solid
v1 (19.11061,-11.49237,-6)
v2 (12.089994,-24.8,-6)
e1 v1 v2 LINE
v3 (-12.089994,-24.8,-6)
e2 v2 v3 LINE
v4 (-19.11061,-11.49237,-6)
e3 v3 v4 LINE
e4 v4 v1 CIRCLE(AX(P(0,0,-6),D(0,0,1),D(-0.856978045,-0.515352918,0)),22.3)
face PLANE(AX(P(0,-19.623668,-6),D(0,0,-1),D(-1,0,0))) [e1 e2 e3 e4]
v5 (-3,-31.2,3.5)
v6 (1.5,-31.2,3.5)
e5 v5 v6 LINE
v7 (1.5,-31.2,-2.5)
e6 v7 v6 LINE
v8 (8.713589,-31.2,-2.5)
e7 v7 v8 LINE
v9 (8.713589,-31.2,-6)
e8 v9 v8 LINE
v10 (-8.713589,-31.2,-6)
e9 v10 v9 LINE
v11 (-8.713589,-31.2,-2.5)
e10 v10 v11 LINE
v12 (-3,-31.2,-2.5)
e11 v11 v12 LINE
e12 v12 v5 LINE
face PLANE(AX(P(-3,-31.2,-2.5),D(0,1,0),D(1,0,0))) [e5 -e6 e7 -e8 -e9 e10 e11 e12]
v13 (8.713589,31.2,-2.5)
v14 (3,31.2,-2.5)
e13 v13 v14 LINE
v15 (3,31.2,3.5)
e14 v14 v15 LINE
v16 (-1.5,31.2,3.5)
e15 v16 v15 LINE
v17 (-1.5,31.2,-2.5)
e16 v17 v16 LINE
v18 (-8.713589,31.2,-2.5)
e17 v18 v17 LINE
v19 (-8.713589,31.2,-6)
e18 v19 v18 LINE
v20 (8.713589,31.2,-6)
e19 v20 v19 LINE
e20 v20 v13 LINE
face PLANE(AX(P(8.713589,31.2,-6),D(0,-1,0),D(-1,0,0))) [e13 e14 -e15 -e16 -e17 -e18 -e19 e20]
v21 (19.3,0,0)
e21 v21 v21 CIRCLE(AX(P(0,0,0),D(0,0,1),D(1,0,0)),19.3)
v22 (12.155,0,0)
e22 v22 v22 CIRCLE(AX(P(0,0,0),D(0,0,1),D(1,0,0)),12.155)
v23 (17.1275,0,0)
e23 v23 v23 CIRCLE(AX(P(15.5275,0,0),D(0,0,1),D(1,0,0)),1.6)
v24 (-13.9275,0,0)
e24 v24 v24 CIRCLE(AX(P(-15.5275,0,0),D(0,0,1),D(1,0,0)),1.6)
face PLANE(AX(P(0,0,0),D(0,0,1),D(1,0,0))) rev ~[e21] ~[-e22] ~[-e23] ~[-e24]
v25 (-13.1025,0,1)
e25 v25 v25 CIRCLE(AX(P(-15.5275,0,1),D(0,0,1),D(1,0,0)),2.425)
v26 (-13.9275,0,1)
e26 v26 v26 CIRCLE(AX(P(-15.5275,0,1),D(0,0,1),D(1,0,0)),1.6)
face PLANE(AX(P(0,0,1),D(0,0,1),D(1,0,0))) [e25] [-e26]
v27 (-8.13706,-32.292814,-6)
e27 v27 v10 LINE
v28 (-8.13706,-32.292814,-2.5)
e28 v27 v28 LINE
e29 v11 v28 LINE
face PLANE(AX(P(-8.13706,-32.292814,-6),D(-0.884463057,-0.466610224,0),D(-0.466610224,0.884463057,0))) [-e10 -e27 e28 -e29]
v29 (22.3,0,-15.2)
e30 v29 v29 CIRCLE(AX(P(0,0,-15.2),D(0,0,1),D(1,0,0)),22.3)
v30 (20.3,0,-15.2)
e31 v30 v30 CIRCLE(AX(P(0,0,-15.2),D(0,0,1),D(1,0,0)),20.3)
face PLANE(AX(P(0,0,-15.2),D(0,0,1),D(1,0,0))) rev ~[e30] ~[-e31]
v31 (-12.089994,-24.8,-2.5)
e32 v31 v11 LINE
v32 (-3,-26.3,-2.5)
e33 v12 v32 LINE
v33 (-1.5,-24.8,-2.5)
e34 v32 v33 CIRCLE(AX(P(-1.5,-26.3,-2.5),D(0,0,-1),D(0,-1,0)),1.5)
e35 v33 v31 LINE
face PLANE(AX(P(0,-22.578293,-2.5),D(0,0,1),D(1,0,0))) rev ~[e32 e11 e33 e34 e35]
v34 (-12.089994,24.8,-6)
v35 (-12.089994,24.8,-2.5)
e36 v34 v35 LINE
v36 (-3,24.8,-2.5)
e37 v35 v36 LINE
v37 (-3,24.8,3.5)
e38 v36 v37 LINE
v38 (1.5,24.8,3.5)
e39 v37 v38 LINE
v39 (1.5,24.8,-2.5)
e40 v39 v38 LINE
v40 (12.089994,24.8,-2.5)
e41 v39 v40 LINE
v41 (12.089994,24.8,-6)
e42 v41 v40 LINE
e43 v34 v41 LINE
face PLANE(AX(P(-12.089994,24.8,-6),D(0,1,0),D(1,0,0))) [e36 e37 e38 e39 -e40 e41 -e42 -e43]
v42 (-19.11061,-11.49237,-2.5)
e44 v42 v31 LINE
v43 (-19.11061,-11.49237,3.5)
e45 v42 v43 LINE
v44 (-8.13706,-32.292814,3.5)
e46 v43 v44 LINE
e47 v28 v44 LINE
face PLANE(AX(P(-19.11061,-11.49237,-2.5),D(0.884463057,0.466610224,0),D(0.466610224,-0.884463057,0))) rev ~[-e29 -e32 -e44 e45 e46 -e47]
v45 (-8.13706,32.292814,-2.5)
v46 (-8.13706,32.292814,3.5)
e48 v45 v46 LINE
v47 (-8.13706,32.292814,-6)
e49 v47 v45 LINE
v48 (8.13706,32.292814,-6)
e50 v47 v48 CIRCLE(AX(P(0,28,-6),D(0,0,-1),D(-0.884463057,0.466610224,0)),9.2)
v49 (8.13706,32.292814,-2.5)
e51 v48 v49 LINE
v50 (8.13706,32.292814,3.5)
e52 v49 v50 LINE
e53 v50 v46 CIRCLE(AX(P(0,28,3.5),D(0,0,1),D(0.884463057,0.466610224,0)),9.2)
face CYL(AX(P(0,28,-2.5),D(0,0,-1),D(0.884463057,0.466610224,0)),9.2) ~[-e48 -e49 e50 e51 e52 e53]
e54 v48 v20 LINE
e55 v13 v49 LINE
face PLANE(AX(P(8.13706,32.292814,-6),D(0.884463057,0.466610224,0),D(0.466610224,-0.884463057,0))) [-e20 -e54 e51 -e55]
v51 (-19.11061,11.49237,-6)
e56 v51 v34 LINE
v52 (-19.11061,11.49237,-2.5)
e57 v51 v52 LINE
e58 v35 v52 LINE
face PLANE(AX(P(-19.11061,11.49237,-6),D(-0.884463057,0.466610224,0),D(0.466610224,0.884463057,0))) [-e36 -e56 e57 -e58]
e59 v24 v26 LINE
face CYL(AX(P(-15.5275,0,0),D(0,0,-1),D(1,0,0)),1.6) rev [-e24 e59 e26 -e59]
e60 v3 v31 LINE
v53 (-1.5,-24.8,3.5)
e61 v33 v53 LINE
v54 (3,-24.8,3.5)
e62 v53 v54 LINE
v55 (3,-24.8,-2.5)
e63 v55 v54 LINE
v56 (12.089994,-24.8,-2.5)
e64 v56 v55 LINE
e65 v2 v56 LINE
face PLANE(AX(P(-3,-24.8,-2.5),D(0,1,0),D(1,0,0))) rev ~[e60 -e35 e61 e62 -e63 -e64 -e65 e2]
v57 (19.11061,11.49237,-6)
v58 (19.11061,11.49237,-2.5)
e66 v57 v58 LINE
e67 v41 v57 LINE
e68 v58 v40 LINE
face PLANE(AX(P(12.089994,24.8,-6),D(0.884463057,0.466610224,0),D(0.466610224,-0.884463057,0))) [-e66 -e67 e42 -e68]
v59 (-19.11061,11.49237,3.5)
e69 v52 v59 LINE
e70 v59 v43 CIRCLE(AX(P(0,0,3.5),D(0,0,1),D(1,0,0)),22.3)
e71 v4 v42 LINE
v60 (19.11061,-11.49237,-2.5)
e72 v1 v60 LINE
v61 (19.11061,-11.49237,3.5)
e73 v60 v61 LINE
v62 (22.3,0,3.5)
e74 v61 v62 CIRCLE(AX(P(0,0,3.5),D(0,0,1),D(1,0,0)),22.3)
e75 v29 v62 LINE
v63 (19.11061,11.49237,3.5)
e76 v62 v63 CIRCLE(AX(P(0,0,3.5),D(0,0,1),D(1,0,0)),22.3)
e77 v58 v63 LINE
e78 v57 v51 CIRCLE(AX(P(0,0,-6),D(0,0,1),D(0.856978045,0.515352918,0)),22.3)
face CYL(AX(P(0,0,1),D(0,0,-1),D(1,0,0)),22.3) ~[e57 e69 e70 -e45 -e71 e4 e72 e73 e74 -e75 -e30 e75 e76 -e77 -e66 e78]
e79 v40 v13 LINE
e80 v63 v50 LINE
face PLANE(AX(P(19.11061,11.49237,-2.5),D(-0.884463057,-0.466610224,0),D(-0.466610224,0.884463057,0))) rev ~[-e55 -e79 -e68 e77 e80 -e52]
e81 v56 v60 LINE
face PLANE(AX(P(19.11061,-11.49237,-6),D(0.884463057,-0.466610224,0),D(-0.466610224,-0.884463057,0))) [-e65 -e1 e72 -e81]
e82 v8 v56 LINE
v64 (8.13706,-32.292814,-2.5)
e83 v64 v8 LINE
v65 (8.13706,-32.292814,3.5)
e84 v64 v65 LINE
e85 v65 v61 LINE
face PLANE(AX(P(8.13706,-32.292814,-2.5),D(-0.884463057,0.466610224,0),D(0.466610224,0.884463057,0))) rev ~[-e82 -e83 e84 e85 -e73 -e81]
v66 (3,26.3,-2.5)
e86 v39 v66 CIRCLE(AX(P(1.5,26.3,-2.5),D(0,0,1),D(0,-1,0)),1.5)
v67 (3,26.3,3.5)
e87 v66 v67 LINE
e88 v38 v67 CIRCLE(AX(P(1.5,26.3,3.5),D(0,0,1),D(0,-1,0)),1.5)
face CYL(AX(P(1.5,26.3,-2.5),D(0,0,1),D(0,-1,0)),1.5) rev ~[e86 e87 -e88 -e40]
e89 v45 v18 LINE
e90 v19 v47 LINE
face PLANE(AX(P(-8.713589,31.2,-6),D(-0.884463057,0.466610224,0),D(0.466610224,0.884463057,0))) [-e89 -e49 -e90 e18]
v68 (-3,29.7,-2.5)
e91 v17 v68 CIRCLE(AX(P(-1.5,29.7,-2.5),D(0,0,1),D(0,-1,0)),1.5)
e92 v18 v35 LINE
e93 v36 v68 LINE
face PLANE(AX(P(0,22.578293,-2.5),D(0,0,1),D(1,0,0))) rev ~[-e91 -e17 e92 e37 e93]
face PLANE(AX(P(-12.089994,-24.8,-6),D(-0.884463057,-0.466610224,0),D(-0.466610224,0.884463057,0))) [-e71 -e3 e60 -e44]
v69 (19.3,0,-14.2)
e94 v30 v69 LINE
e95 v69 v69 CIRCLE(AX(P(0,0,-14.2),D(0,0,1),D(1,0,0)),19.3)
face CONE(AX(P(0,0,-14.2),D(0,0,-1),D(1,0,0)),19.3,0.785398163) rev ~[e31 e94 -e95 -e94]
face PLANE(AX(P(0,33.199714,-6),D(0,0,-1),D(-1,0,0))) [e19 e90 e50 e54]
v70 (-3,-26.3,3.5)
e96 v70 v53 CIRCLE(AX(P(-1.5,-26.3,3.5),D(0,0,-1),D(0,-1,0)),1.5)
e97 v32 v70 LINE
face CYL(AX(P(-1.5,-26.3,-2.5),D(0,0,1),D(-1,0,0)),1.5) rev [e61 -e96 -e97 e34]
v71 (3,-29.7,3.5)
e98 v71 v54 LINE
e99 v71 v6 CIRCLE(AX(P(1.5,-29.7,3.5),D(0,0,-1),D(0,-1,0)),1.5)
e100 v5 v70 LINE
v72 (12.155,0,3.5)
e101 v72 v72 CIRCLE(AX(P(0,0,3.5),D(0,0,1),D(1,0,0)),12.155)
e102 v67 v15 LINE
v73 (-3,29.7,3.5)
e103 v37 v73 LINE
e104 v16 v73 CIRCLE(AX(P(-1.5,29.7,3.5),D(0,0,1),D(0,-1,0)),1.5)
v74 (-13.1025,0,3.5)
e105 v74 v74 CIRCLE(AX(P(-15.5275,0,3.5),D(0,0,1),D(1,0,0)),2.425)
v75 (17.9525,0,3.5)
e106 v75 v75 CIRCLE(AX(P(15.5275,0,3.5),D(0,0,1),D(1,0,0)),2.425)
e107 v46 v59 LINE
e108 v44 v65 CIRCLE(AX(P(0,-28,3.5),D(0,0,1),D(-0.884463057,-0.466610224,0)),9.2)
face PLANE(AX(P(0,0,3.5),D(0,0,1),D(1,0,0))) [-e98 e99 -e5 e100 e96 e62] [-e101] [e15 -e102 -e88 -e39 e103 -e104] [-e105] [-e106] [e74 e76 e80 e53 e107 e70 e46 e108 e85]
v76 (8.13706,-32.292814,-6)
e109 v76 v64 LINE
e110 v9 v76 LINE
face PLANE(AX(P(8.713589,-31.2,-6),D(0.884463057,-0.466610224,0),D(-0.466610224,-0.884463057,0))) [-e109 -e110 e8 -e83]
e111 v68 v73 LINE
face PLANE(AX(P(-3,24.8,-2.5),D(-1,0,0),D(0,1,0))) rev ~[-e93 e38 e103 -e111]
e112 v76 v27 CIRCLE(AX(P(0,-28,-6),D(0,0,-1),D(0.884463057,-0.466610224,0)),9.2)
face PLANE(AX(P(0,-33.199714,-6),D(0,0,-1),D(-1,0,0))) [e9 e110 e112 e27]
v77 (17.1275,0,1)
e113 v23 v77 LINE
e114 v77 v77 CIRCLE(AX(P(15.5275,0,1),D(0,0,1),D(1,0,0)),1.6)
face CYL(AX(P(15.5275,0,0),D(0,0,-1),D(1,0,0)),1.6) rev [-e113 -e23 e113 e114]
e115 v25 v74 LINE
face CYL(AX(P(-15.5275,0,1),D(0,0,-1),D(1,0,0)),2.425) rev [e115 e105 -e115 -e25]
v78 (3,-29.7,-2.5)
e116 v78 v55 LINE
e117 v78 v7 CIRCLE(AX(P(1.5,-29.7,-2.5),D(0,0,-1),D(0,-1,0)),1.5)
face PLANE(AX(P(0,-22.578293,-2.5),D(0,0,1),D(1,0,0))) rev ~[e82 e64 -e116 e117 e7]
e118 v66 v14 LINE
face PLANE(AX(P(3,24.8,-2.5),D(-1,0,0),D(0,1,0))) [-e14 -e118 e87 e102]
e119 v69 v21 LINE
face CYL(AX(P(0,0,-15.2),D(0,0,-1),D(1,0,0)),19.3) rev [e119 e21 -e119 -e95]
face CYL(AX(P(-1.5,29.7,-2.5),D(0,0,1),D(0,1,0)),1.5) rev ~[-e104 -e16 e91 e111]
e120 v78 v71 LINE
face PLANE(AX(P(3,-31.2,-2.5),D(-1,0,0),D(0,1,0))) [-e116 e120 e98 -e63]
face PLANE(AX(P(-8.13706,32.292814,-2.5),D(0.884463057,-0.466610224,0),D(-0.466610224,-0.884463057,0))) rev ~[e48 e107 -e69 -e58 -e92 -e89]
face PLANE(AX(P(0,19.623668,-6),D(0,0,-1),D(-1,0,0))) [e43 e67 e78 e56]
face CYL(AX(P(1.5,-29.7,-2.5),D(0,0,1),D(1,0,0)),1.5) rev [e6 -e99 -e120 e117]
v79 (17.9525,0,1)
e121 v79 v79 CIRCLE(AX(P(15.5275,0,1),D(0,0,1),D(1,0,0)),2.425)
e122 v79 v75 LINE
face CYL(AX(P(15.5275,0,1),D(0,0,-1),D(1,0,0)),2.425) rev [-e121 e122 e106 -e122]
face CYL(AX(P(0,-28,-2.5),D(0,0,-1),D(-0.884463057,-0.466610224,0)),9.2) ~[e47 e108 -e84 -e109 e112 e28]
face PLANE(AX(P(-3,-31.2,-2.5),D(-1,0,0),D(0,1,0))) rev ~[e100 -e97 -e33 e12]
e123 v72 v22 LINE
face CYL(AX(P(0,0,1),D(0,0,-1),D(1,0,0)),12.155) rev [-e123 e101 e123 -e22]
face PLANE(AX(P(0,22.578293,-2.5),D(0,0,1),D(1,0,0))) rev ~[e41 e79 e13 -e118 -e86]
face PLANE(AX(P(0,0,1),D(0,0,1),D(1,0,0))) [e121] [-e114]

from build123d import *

# Parameters (mm, degrees)
SKETCH1_R           = 22.3
SKETCH1_R_2         = 1.6
SKETCH1_R_3         = 12.155
BOSS_EXTRUDE1_DEPTH = 1
BOSS_EXTRUDE2_START = -15.2
SKETCH1_3_R         = 22.3
SKETCH1_3_R_2       = 19.3
BOSS_EXTRUDE2_DEPTH = 15.2
SKETCH3_R           = 22.3
SKETCH3_R_2         = 2.425
SKETCH3_R_3         = 12.155
BOSS_EXTRUDE3_DEPTH = 2.5
BOSS_EXTRUDE4_START = -6
SKETCH4_W           = 6
SKETCH4_H           = 6.4
BOSS_EXTRUDE4_DEPTH = 6
CHAMFER1_SIZE       = 1
BOSS_EXTRUDE5_START = 3.5
BOSS_EXTRUDE5_DEPTH = 3.5
FILLET1_R           = 1.5


with BuildPart() as part:
    # Sketch1 → Boss-Extrude1 (new body)
    with BuildSketch(Plane.XY):
        Circle(SKETCH1_R)
        with Locations((15.5275, 0)):
            Circle(SKETCH1_R_2, mode=Mode.SUBTRACT)
        with Locations((-15.5275, 0)):
            Circle(SKETCH1_R_2, mode=Mode.SUBTRACT)
        Circle(SKETCH1_R_3, mode=Mode.SUBTRACT)
    extrude(amount=BOSS_EXTRUDE1_DEPTH)

    # Sketch1<3> → Boss-Extrude2 (add)
    with BuildSketch(Plane.XY.offset(BOSS_EXTRUDE2_START)):
        Circle(SKETCH1_3_R)
        Circle(SKETCH1_3_R_2, mode=Mode.SUBTRACT)
    extrude(amount=BOSS_EXTRUDE2_DEPTH)

    # Sketch3 → Boss-Extrude3 (add)
    with BuildSketch(Plane.XY.offset(1)):
        Circle(SKETCH3_R)
        with Locations((-15.5275, 0)):
            Circle(SKETCH3_R_2, mode=Mode.SUBTRACT)
        with Locations((15.5275, 0)):
            Circle(SKETCH3_R_2, mode=Mode.SUBTRACT)
        Circle(SKETCH3_R_3, mode=Mode.SUBTRACT)
    extrude(amount=BOSS_EXTRUDE3_DEPTH)

    # Sketch4 → Boss-Extrude4 (add)
    # profile 1 of 2: a face of its own
    with BuildSketch(Plane.XY.offset(3.5).offset(BOSS_EXTRUDE4_START)):
        with BuildLine():
            ThreePointArc((19.110610408, -11.49237007), (0, -22.3), (-19.110610408, -11.49237007))
            Line((-19.110610408, -11.49237007), (-8.137060123, -32.292814061))
            ThreePointArc((-8.137060123, -32.292814061), (0, -37.2), (8.137060123, -32.292814061))
            Line((8.137060123, -32.292814061), (19.110610408, -11.49237007))
        make_face()
        with Locations((0, -28)):
            Rectangle(SKETCH4_W, SKETCH4_H, mode=Mode.SUBTRACT)
    # profile 2 of 2: a face of its own
    with BuildSketch(Plane.XY.offset(3.5).offset(BOSS_EXTRUDE4_START)):
        with BuildLine():
            Line((-8.137060123, 32.292814061), (-19.110610408, 11.49237007))
            ThreePointArc((-19.110610408, 11.49237007), (0, 22.3), (19.110610408, 11.49237007))
            Line((19.110610408, 11.49237007), (8.137060123, 32.292814061))
            ThreePointArc((8.137060123, 32.292814061), (0, 37.2), (-8.137060123, 32.292814061))
        make_face()
        with Locations((0, 28)):
            Rectangle(SKETCH4_W, SKETCH4_H, mode=Mode.SUBTRACT)
    extrude(amount=BOSS_EXTRUDE4_DEPTH)

    # Chamfer1
    chamfer1_edges = [part.edges().sort_by_distance(p)[0] for p in [
        (-19.3, 0, -15.2),
    ]]
    chamfer(chamfer1_edges, length=CHAMFER1_SIZE)

    # Sketch5 → Boss-Extrude5 (add)
    with BuildSketch(Plane(origin=(0, 0, -2.5), x_dir=(-1, 0, 0), z_dir=(0, 0, -1)).offset(BOSS_EXTRUDE5_START)):
        with BuildLine():
            Line((8.713588684, -31.2), (-8.713588684, -31.2))
            Line((-8.713588684, -31.2), (-8.137060123, -32.292814061))
            ThreePointArc((-8.137060123, -32.292814061), (0, -37.2), (8.137060123, -32.292814061))
            Line((8.137060123, -32.292814061), (8.713588684, -31.2))
        make_face()
        with BuildLine():
            Line((-19.110610408, -11.49237007), (-12.089993623, -24.8))
            Line((-12.089993623, -24.8), (12.089993623, -24.8))
            Line((12.089993623, -24.8), (19.110610408, -11.49237007))
            ThreePointArc((19.110610408, -11.49237007), (0, -22.3), (-19.110610408, -11.49237007))
        make_face()
        with BuildLine():
            ThreePointArc((8.137060123, 32.292814061), (0, 37.2), (-8.137060123, 32.292814061))
            Line((-8.137060123, 32.292814061), (-8.713588684, 31.2))
            Line((-8.713588684, 31.2), (8.713588684, 31.2))
            Line((8.713588684, 31.2), (8.137060123, 32.292814061))
        make_face()
        with BuildLine():
            Line((12.089993623, 24.8), (-12.089993623, 24.8))
            Line((-12.089993623, 24.8), (-19.110610408, 11.49237007))
            ThreePointArc((-19.110610408, 11.49237007), (0, 22.3), (19.110610408, 11.49237007))
            Line((19.110610408, 11.49237007), (12.089993623, 24.8))
        make_face()
    extrude(amount=-BOSS_EXTRUDE5_DEPTH)

    # Fillet1
    fillet1_edges = [part.edges().sort_by_distance(p)[0] for p in [
        (3, -31.2, 0.5),
        (-3, -24.8, 0.5),
        (3, 24.8, 0.5),
        (-3, 31.2, 0.5),
    ]]
    fillet(fillet1_edges, radius=FILLET1_R)


solid = part.part
